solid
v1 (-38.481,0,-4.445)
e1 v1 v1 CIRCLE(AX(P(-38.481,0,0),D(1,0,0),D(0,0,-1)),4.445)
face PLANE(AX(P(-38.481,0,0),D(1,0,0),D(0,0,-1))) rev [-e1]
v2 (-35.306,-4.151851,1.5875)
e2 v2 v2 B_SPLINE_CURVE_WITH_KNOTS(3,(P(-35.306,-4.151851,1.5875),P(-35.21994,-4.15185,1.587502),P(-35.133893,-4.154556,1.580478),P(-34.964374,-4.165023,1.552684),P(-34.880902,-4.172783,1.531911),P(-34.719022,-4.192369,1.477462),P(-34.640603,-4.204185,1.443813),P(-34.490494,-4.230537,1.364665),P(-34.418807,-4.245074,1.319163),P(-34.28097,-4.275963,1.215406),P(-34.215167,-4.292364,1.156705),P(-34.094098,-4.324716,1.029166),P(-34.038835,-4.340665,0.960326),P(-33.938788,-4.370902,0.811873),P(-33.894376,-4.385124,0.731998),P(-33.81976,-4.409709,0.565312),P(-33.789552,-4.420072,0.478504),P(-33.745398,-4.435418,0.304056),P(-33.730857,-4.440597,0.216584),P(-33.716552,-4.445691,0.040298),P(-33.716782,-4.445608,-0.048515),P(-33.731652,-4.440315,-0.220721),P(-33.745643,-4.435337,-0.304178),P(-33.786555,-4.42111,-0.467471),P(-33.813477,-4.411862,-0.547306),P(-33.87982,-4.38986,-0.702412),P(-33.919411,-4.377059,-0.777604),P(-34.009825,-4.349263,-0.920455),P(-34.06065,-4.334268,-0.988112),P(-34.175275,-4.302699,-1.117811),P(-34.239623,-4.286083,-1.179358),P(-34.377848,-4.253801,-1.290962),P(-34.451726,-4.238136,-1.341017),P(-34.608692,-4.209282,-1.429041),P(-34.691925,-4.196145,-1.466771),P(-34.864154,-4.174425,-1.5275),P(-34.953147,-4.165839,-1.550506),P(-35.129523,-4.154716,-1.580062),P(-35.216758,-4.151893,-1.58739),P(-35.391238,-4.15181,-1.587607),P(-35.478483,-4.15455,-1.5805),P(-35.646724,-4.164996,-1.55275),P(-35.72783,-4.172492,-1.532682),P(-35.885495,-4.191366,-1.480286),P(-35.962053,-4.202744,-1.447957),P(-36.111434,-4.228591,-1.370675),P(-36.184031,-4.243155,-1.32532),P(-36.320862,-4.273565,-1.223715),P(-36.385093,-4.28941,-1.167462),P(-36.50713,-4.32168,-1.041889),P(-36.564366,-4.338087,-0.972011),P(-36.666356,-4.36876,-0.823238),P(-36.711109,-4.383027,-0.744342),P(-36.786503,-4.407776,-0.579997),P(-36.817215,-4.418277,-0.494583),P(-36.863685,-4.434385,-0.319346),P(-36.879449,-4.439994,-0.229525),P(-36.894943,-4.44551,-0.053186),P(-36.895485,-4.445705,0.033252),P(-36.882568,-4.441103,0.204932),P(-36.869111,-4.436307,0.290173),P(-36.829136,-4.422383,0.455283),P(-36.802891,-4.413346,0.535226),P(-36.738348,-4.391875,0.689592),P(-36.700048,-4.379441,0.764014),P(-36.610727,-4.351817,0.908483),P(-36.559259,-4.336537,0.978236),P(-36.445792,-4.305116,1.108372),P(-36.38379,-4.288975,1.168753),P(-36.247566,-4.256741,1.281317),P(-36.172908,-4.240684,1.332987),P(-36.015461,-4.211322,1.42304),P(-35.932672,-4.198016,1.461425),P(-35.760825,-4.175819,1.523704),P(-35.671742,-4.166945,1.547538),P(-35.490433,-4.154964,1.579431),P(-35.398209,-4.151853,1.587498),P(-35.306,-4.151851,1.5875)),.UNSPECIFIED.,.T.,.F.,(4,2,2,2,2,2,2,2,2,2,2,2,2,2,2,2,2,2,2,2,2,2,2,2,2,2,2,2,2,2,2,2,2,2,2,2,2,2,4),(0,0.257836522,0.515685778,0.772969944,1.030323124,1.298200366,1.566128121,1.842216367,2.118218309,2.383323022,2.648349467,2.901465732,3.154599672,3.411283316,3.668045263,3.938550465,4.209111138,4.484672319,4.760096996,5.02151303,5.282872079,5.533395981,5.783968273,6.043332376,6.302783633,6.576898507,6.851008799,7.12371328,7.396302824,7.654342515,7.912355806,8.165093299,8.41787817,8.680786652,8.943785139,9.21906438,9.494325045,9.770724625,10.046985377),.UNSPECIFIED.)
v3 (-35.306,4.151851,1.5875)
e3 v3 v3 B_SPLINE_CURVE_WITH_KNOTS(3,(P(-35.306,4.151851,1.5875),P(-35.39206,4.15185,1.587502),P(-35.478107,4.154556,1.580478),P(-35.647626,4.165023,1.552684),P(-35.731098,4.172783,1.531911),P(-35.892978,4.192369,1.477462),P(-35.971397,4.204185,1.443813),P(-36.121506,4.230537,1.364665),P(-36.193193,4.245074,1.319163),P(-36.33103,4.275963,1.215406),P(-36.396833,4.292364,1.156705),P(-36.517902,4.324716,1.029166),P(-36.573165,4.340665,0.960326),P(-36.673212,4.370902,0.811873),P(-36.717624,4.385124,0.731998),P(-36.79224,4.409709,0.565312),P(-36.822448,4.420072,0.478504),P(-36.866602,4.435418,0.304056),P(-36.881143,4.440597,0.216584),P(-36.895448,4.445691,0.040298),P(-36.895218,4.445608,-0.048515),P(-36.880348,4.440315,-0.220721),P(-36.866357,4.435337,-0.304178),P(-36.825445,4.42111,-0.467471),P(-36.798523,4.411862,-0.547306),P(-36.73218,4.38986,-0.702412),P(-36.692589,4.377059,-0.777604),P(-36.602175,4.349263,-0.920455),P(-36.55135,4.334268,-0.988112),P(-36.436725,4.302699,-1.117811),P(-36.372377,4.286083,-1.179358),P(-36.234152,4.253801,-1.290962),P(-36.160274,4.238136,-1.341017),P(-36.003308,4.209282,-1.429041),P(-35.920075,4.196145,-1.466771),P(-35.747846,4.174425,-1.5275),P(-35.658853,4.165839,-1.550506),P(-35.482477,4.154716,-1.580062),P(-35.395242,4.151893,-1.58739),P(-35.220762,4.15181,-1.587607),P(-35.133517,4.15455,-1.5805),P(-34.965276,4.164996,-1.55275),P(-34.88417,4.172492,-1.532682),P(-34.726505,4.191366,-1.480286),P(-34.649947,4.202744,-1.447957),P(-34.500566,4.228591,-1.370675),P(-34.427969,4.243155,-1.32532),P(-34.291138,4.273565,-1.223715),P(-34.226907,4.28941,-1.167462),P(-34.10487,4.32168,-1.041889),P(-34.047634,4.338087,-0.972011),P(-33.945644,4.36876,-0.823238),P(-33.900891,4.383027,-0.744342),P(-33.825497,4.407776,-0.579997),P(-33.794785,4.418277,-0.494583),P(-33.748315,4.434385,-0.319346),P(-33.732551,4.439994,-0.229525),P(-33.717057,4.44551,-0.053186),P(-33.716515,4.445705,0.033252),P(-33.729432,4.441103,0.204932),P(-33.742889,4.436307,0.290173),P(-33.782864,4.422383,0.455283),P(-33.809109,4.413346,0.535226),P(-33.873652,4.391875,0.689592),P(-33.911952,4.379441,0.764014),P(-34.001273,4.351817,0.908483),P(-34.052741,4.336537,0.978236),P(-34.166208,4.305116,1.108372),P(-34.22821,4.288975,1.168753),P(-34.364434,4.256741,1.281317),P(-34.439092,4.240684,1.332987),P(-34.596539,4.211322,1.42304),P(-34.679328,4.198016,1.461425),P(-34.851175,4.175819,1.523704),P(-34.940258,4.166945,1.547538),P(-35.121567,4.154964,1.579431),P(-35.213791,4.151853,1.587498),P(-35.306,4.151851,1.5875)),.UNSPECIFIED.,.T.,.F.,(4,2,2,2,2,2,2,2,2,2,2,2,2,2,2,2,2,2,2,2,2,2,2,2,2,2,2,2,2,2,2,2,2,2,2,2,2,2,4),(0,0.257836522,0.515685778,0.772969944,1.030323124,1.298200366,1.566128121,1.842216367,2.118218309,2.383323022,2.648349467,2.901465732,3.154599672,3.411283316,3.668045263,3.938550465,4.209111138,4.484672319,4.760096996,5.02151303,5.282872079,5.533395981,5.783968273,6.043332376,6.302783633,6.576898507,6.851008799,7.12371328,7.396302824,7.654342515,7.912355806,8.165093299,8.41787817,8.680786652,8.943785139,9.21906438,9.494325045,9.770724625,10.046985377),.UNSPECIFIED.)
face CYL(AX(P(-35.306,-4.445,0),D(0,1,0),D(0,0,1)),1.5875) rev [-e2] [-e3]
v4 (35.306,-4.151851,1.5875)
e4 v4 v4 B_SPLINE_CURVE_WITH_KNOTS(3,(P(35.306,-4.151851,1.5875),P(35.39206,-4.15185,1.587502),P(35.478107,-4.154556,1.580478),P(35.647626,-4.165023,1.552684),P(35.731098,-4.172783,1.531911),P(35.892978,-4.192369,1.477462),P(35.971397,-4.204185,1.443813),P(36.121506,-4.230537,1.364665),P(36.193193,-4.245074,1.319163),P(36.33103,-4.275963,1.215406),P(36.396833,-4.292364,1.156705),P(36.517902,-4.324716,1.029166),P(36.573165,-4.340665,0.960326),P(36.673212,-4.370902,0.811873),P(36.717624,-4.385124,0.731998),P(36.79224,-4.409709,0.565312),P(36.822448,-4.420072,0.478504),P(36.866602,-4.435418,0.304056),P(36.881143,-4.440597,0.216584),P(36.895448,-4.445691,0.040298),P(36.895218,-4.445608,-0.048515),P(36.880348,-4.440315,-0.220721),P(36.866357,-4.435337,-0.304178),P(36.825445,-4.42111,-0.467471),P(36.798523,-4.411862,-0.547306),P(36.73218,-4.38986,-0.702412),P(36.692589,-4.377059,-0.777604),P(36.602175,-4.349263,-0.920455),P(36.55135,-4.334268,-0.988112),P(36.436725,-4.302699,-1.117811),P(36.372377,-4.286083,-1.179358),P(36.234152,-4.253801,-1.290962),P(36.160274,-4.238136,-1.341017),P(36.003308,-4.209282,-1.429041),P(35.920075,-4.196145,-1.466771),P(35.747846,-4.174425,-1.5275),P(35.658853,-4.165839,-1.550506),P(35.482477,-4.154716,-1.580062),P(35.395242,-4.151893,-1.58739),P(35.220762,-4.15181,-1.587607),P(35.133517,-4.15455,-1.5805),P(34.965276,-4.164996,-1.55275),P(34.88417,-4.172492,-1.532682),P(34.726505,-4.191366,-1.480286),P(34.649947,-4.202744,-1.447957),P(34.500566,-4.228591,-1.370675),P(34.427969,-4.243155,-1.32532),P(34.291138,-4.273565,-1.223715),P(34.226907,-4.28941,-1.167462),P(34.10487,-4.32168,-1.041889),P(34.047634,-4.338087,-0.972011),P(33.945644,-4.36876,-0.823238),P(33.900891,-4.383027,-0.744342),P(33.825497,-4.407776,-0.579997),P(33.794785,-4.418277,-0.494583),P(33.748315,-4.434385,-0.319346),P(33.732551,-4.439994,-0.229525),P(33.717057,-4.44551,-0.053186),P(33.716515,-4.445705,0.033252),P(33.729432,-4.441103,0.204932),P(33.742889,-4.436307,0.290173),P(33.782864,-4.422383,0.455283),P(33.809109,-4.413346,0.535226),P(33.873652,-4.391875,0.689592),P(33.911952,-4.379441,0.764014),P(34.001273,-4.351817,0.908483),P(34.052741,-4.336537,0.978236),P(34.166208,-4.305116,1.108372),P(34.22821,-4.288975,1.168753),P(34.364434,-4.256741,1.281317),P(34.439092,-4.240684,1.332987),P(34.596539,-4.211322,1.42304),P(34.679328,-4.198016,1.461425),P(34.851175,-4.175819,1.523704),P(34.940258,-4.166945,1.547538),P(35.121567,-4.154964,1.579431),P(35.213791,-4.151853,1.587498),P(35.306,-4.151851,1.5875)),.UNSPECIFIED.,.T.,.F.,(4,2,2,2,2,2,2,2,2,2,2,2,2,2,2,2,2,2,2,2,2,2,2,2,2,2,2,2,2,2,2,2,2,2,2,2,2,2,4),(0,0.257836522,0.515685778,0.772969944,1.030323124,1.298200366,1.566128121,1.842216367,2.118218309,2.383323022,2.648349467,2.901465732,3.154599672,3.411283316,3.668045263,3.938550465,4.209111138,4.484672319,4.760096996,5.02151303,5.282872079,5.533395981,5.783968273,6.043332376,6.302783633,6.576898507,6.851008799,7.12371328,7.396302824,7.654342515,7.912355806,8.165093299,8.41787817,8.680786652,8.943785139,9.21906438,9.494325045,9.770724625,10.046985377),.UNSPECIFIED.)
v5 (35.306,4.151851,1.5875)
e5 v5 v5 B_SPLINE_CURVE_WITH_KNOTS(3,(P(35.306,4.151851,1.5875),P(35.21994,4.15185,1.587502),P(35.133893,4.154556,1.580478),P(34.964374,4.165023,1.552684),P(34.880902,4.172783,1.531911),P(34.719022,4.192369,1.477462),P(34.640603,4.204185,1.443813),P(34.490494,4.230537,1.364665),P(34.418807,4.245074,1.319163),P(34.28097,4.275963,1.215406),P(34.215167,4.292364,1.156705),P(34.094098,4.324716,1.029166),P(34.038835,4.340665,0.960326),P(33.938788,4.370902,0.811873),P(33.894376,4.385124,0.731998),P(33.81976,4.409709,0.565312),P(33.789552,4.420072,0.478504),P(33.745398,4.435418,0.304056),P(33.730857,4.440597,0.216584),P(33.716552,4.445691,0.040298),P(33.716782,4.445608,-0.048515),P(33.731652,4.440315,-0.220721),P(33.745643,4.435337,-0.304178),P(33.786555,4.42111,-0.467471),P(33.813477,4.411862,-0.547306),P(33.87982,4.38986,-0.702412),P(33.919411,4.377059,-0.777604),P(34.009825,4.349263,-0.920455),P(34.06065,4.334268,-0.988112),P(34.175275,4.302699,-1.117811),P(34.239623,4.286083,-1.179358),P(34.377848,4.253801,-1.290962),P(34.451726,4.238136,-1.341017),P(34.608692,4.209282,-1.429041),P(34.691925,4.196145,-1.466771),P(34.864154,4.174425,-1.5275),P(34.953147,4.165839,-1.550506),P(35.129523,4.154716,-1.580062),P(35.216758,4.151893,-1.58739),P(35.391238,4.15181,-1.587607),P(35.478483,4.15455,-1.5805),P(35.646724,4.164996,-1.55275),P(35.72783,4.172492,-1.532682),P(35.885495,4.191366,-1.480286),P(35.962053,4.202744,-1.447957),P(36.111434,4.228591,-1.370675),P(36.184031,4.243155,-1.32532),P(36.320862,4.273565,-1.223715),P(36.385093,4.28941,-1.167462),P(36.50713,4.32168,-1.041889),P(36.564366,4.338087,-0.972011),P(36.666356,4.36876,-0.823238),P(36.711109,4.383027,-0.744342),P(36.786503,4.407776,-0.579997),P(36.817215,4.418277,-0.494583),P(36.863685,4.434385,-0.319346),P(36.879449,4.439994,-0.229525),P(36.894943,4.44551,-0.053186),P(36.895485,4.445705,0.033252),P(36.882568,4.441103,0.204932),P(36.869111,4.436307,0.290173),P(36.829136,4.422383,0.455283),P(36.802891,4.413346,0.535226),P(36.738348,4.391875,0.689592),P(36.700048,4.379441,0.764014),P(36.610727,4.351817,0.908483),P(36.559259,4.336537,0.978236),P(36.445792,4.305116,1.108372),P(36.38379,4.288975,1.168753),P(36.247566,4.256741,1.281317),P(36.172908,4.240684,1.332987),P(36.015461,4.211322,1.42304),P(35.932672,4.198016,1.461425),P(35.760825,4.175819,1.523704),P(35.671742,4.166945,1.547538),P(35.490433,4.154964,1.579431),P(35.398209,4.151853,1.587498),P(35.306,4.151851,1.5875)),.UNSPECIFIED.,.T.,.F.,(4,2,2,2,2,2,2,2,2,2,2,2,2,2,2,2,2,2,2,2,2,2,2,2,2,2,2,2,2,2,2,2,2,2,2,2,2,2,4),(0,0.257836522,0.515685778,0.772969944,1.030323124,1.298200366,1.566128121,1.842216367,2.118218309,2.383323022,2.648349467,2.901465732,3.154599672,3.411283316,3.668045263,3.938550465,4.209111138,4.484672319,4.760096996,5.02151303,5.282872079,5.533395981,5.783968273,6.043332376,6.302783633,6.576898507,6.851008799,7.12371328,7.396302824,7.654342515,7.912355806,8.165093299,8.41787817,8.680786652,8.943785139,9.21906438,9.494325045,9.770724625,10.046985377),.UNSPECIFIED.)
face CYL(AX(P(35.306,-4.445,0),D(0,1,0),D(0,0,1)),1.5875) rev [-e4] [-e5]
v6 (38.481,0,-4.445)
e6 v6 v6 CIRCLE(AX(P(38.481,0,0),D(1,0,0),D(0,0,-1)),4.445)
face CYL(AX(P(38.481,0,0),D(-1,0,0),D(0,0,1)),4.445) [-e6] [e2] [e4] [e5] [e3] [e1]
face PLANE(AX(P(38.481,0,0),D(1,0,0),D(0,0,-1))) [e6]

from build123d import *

# Parameters (mm, degrees)
SKETCH1_R               = 4.445
BOSS_EXTRUDE1_DEPTH     = 38.481
SKETCH2_R               = 1.5875
CUT_EXTRUDE1_DEPTH      = 5.445
CUT_EXTRUDE1_DEPTH_BACK = 5.445


with BuildPart() as part:
    # Sketch1 → Boss-Extrude1 (new body, symmetric)
    with BuildSketch(Plane(origin=(0, 0, 0), x_dir=(0, 0, -1), z_dir=(1, 0, 0))):
        Circle(SKETCH1_R)
    extrude(amount=BOSS_EXTRUDE1_DEPTH, both=True)

    # Sketch2 → Cut-Extrude1 (cut, two sides)
    with BuildSketch(Plane(origin=(0, 0, 0), x_dir=(1, 0, 0), z_dir=(0, 1, 0))) as cut_extrude1_sk:
        with Locations((-35.306, 0)):
            Circle(SKETCH2_R)
        with Locations((35.306, 0)):
            Circle(SKETCH2_R)
    extrude(amount=CUT_EXTRUDE1_DEPTH, mode=Mode.SUBTRACT)
    extrude(cut_extrude1_sk.sketch, amount=-CUT_EXTRUDE1_DEPTH_BACK, mode=Mode.SUBTRACT)


solid = part.part
